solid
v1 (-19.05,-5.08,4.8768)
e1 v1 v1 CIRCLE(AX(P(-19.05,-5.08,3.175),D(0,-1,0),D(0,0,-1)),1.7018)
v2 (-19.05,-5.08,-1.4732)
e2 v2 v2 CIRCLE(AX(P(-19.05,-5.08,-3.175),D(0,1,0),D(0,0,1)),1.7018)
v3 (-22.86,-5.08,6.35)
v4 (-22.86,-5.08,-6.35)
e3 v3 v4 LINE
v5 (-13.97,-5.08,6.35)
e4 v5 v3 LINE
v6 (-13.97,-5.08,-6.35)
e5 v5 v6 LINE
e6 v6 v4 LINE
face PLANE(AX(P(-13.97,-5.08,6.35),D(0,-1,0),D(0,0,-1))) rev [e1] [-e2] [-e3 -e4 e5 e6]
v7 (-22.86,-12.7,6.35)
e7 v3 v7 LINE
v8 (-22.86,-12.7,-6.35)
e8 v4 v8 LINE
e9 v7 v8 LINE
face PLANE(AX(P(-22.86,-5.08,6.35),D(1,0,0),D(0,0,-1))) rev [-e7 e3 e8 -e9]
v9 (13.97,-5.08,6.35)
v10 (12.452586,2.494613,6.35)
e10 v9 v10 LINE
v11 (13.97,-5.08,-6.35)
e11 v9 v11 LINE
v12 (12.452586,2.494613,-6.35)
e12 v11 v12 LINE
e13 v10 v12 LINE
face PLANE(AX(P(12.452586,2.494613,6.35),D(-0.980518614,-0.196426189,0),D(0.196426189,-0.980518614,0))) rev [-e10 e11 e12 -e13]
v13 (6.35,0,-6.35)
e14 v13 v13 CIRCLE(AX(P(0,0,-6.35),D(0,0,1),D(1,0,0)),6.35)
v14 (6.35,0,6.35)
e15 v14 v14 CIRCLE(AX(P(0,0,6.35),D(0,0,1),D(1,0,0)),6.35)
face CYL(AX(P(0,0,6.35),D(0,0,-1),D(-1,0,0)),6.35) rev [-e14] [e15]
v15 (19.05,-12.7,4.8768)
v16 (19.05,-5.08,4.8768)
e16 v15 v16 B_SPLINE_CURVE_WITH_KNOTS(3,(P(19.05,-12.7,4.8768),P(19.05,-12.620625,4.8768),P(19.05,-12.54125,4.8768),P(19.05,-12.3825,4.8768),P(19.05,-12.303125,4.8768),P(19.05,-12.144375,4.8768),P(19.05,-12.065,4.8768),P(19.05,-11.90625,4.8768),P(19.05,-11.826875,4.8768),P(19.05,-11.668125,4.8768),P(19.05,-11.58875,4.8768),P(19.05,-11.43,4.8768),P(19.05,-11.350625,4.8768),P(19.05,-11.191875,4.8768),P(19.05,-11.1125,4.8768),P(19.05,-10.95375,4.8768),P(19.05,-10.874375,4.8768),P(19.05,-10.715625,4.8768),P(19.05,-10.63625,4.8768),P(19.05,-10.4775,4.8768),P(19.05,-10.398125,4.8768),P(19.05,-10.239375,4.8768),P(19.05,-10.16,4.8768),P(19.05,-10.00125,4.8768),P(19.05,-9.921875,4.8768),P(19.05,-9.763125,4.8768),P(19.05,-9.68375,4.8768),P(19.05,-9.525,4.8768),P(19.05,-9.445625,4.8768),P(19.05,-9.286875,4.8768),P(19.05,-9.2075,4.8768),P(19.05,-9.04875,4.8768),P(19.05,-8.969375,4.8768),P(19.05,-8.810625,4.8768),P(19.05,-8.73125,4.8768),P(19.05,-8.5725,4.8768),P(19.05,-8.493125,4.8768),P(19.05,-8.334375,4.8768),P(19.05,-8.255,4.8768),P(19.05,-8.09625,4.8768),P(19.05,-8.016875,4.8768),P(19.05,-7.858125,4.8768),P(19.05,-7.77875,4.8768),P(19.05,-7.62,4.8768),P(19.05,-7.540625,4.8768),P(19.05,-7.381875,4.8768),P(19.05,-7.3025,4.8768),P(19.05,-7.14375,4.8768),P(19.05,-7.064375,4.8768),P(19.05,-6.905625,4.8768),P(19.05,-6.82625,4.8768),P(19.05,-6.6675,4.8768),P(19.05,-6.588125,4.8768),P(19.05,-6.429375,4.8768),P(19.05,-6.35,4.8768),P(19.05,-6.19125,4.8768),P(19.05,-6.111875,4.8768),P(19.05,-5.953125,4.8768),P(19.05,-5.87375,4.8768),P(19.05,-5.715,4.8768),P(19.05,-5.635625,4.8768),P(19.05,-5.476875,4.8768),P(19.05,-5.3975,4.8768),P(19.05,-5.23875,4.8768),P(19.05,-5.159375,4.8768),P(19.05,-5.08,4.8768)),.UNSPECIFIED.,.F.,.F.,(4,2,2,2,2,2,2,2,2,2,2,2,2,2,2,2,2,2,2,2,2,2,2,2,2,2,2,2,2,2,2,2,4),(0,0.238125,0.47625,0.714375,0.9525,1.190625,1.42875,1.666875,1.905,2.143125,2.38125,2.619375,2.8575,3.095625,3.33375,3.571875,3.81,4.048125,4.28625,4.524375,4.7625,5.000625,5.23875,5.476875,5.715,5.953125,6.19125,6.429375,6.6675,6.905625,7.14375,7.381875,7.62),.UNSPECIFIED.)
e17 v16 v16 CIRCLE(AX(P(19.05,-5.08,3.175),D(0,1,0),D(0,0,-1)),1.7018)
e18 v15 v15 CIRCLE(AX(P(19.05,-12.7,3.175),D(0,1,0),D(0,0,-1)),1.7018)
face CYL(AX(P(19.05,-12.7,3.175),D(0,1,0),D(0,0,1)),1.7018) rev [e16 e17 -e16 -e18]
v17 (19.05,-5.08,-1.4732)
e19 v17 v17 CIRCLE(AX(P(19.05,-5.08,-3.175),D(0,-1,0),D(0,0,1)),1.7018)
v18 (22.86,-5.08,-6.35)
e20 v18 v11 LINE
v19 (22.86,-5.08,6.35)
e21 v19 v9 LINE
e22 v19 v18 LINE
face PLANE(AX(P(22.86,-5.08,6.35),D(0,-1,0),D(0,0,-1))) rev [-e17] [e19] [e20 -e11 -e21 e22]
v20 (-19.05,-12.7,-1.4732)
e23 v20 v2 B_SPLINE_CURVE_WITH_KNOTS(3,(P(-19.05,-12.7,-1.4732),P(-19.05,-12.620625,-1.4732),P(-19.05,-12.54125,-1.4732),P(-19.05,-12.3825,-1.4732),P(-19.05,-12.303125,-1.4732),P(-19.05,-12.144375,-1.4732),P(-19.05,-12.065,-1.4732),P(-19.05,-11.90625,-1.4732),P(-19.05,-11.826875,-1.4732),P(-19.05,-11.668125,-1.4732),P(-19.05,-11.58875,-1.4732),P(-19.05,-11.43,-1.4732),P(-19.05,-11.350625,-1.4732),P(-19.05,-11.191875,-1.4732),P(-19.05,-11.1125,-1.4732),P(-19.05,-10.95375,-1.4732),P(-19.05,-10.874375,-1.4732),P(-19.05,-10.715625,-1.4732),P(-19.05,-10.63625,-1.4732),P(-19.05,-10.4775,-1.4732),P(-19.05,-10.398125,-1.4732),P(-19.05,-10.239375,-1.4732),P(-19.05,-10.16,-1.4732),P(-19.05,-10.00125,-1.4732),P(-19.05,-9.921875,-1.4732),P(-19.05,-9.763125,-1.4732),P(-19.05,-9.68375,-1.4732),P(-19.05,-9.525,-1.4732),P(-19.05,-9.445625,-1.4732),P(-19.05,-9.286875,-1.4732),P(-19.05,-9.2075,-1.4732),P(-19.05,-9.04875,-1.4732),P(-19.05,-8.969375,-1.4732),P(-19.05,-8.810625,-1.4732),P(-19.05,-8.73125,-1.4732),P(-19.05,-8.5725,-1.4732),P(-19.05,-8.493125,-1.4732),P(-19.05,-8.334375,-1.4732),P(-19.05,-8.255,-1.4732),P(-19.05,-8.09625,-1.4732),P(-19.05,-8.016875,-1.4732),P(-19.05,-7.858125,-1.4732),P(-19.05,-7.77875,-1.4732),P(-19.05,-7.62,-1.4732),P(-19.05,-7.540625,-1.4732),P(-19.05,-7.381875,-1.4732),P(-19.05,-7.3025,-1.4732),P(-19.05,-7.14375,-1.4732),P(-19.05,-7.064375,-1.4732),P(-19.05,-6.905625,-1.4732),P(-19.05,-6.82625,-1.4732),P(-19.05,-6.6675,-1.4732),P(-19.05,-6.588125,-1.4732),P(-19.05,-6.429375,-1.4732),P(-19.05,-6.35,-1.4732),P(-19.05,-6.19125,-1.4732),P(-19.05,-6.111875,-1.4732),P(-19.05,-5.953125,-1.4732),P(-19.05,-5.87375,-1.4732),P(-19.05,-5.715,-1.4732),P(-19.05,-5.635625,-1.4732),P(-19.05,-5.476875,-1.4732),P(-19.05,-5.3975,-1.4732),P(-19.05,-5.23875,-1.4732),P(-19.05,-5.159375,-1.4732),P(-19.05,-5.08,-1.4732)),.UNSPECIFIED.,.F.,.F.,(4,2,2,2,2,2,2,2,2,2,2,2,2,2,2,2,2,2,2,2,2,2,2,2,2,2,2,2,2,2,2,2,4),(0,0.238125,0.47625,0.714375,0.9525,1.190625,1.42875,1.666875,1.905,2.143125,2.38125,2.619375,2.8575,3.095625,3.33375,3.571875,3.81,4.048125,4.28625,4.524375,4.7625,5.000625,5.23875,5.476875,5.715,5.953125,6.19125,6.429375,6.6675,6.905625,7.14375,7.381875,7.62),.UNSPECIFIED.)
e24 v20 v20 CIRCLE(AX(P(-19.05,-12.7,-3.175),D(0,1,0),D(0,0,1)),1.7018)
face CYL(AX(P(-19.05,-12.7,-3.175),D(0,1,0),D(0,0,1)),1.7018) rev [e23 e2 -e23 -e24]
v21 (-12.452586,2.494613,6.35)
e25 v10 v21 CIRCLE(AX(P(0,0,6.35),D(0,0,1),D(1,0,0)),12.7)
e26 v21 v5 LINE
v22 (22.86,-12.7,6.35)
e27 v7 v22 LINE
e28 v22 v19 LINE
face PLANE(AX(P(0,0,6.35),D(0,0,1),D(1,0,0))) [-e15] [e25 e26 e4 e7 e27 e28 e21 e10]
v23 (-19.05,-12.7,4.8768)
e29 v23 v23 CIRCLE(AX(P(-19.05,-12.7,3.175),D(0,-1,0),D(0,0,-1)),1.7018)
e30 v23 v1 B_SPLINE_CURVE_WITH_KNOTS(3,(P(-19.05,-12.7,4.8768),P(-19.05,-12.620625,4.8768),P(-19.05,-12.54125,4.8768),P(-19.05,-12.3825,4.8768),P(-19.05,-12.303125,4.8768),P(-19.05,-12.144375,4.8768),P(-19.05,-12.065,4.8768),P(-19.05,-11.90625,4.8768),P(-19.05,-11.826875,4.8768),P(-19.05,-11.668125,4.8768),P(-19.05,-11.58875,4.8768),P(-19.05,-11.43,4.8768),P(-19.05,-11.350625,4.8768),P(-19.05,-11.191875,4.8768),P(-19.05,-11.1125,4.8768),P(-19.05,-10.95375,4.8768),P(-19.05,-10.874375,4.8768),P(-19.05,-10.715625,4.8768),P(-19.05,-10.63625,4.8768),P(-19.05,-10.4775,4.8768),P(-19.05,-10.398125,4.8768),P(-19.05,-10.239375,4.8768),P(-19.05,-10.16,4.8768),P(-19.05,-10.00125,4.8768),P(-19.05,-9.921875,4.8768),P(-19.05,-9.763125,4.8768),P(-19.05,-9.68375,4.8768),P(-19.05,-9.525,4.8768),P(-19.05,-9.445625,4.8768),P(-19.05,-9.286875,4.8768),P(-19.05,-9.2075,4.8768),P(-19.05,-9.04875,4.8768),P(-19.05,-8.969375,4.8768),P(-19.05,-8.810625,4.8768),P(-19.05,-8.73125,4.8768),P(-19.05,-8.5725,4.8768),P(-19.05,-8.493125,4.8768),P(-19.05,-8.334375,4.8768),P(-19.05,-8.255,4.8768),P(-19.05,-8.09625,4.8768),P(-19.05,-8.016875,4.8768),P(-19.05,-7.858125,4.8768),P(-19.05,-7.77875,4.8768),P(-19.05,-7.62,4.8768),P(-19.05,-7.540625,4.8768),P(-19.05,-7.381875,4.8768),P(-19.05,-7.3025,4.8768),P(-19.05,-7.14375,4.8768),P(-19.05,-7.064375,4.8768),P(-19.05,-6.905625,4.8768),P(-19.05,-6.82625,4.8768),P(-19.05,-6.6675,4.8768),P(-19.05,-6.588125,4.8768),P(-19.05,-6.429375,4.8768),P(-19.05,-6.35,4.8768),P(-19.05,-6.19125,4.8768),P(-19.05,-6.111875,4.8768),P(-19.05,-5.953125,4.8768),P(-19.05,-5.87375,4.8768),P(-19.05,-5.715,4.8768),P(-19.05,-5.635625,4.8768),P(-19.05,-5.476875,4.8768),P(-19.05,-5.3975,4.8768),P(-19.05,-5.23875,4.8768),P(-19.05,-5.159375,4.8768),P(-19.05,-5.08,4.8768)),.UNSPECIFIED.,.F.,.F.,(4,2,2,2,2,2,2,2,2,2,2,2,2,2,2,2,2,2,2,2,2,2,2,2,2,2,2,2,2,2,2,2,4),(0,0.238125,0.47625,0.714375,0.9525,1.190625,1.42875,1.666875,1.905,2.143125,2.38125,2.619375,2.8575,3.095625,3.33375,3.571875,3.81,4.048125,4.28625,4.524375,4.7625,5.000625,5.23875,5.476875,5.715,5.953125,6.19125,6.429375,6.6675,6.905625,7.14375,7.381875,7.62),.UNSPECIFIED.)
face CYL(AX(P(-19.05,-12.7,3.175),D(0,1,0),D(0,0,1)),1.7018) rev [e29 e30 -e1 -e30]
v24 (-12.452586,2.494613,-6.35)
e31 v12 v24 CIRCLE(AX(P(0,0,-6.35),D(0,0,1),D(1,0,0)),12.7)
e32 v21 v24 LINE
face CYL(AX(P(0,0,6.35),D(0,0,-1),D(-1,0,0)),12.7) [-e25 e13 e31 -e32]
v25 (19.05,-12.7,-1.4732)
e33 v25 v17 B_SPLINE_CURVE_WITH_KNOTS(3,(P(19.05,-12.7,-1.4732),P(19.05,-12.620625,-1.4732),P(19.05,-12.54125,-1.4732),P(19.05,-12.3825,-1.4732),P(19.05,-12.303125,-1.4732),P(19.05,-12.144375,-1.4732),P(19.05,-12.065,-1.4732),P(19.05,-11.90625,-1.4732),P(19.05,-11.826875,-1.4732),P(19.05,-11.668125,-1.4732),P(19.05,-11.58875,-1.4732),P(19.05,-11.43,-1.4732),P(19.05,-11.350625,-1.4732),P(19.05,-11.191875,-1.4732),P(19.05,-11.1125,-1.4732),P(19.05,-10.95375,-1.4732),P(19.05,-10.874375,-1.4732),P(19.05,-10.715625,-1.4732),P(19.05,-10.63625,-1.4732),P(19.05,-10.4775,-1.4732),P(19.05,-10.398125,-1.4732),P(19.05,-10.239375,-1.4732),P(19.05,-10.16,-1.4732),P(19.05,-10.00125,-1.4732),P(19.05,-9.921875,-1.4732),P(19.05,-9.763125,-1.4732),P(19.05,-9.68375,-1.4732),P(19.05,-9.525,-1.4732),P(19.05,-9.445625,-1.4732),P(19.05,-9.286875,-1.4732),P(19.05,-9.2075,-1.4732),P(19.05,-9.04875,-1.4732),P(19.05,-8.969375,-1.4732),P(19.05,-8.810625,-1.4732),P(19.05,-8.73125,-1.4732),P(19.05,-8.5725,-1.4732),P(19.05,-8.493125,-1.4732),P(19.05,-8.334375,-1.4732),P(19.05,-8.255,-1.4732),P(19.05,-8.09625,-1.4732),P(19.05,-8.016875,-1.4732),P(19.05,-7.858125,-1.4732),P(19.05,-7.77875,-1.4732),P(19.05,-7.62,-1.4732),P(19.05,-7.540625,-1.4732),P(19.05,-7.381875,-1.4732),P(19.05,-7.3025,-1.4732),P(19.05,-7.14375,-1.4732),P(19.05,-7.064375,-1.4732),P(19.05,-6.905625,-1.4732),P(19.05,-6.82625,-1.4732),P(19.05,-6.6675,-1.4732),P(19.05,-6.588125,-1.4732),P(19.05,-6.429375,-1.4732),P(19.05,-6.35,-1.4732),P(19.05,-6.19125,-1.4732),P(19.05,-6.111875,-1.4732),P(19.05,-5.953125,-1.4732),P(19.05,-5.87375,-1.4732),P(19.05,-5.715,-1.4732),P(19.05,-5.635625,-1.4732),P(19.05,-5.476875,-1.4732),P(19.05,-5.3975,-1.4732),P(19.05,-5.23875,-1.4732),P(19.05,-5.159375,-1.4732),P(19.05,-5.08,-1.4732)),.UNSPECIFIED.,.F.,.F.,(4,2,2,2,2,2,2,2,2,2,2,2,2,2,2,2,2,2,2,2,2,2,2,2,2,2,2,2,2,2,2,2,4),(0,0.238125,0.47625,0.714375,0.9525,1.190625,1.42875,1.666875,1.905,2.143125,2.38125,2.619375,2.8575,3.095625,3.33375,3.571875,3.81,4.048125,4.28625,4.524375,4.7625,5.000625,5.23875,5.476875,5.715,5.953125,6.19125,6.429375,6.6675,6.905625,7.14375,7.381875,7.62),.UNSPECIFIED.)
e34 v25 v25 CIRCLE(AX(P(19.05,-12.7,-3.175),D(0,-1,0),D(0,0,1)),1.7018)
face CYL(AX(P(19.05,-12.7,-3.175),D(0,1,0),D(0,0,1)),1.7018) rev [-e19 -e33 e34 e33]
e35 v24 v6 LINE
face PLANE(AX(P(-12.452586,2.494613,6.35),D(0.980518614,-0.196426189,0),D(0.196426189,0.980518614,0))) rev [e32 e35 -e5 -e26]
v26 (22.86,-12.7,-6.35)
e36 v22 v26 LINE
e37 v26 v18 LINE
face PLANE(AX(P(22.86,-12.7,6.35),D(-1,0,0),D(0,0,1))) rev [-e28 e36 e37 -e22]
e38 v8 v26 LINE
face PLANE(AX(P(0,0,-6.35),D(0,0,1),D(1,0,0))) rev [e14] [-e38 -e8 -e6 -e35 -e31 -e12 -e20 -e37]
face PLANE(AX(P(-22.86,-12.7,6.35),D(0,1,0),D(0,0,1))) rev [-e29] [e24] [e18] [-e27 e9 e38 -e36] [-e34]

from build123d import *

# Parameters (mm, degrees)
SKETCH1_R                                  = 6.35
BOSS_EXTRUDE1_DEPTH                        = 6.35
SKETCH2_R                                  = 1.7018
CUT_EXTRUDE1_DEPTH                         = 30.648448526
MIRROR1_AT_THE_SECOND_PLANE_COPY_1_SKETC_R = 1.7018
MIRROR1_AT_THE_SECOND_PLANE_COPY_1_DEPTH   = 30.648448526


with BuildPart() as part:
    # Sketch1 → Boss-Extrude1 (new, symmetric)
    with BuildSketch(Plane.XY):
        with BuildLine():
            Line((-12.452586398, 2.494612595), (-13.97, -5.08))
            Line((-13.97, -5.08), (-22.86, -5.08))
            Line((-22.86, -5.08), (-22.86, -12.7))
            Line((-22.86, -12.7), (22.86, -12.7))
            Line((22.86, -12.7), (22.86, -5.08))
            Line((22.86, -5.08), (13.97, -5.08))
            Line((13.97, -5.08), (12.452586398, 2.494612595))
            ThreePointArc((12.452586398, 2.494612595), (0, 12.7), (-12.452586398, 2.494612595))
        make_face()
        Circle(SKETCH1_R, mode=Mode.SUBTRACT)
    extrude(amount=BOSS_EXTRUDE1_DEPTH, both=True)

    # Sketch2 → Cut-Extrude1 (cut, through all)
    with BuildSketch(Plane(origin=(0, -5.08, 0), x_dir=(1, 0, 0), z_dir=(0, 1, 0))):
        with Locations(Location((-19.05, 3.175, 0), (0, 0, 270))):
            Circle(SKETCH2_R)
    cut_extrude1 = extrude(amount=-CUT_EXTRUDE1_DEPTH, mode=Mode.SUBTRACT)

    # Mirror1: Cut-Extrude1 across plane
    add(cut_extrude1.mirror(Plane(origin=(0, 0, 0), x_dir=(0, 0, 1), z_dir=(1, 0, 0))), mode=Mode.SUBTRACT)

    # Mirror1 at the second plane: Cut-Extrude1 across plane
    add(cut_extrude1.mirror(Plane.XY), mode=Mode.SUBTRACT)

    # Mirror1 at the second plane copy 1 sketc → Mirror1 at the second plane copy 1 (cut, through all)
    with BuildSketch(Plane(origin=(0, -5.08, 0), x_dir=(-1, 0, 0), z_dir=(0, 1, 0))):
        with Locations(Location((-19.05, 3.175, 0), (0, 0, 270))):
            Circle(MIRROR1_AT_THE_SECOND_PLANE_COPY_1_SKETC_R)
    extrude(amount=-MIRROR1_AT_THE_SECOND_PLANE_COPY_1_DEPTH, mode=Mode.SUBTRACT)


solid = part.part
